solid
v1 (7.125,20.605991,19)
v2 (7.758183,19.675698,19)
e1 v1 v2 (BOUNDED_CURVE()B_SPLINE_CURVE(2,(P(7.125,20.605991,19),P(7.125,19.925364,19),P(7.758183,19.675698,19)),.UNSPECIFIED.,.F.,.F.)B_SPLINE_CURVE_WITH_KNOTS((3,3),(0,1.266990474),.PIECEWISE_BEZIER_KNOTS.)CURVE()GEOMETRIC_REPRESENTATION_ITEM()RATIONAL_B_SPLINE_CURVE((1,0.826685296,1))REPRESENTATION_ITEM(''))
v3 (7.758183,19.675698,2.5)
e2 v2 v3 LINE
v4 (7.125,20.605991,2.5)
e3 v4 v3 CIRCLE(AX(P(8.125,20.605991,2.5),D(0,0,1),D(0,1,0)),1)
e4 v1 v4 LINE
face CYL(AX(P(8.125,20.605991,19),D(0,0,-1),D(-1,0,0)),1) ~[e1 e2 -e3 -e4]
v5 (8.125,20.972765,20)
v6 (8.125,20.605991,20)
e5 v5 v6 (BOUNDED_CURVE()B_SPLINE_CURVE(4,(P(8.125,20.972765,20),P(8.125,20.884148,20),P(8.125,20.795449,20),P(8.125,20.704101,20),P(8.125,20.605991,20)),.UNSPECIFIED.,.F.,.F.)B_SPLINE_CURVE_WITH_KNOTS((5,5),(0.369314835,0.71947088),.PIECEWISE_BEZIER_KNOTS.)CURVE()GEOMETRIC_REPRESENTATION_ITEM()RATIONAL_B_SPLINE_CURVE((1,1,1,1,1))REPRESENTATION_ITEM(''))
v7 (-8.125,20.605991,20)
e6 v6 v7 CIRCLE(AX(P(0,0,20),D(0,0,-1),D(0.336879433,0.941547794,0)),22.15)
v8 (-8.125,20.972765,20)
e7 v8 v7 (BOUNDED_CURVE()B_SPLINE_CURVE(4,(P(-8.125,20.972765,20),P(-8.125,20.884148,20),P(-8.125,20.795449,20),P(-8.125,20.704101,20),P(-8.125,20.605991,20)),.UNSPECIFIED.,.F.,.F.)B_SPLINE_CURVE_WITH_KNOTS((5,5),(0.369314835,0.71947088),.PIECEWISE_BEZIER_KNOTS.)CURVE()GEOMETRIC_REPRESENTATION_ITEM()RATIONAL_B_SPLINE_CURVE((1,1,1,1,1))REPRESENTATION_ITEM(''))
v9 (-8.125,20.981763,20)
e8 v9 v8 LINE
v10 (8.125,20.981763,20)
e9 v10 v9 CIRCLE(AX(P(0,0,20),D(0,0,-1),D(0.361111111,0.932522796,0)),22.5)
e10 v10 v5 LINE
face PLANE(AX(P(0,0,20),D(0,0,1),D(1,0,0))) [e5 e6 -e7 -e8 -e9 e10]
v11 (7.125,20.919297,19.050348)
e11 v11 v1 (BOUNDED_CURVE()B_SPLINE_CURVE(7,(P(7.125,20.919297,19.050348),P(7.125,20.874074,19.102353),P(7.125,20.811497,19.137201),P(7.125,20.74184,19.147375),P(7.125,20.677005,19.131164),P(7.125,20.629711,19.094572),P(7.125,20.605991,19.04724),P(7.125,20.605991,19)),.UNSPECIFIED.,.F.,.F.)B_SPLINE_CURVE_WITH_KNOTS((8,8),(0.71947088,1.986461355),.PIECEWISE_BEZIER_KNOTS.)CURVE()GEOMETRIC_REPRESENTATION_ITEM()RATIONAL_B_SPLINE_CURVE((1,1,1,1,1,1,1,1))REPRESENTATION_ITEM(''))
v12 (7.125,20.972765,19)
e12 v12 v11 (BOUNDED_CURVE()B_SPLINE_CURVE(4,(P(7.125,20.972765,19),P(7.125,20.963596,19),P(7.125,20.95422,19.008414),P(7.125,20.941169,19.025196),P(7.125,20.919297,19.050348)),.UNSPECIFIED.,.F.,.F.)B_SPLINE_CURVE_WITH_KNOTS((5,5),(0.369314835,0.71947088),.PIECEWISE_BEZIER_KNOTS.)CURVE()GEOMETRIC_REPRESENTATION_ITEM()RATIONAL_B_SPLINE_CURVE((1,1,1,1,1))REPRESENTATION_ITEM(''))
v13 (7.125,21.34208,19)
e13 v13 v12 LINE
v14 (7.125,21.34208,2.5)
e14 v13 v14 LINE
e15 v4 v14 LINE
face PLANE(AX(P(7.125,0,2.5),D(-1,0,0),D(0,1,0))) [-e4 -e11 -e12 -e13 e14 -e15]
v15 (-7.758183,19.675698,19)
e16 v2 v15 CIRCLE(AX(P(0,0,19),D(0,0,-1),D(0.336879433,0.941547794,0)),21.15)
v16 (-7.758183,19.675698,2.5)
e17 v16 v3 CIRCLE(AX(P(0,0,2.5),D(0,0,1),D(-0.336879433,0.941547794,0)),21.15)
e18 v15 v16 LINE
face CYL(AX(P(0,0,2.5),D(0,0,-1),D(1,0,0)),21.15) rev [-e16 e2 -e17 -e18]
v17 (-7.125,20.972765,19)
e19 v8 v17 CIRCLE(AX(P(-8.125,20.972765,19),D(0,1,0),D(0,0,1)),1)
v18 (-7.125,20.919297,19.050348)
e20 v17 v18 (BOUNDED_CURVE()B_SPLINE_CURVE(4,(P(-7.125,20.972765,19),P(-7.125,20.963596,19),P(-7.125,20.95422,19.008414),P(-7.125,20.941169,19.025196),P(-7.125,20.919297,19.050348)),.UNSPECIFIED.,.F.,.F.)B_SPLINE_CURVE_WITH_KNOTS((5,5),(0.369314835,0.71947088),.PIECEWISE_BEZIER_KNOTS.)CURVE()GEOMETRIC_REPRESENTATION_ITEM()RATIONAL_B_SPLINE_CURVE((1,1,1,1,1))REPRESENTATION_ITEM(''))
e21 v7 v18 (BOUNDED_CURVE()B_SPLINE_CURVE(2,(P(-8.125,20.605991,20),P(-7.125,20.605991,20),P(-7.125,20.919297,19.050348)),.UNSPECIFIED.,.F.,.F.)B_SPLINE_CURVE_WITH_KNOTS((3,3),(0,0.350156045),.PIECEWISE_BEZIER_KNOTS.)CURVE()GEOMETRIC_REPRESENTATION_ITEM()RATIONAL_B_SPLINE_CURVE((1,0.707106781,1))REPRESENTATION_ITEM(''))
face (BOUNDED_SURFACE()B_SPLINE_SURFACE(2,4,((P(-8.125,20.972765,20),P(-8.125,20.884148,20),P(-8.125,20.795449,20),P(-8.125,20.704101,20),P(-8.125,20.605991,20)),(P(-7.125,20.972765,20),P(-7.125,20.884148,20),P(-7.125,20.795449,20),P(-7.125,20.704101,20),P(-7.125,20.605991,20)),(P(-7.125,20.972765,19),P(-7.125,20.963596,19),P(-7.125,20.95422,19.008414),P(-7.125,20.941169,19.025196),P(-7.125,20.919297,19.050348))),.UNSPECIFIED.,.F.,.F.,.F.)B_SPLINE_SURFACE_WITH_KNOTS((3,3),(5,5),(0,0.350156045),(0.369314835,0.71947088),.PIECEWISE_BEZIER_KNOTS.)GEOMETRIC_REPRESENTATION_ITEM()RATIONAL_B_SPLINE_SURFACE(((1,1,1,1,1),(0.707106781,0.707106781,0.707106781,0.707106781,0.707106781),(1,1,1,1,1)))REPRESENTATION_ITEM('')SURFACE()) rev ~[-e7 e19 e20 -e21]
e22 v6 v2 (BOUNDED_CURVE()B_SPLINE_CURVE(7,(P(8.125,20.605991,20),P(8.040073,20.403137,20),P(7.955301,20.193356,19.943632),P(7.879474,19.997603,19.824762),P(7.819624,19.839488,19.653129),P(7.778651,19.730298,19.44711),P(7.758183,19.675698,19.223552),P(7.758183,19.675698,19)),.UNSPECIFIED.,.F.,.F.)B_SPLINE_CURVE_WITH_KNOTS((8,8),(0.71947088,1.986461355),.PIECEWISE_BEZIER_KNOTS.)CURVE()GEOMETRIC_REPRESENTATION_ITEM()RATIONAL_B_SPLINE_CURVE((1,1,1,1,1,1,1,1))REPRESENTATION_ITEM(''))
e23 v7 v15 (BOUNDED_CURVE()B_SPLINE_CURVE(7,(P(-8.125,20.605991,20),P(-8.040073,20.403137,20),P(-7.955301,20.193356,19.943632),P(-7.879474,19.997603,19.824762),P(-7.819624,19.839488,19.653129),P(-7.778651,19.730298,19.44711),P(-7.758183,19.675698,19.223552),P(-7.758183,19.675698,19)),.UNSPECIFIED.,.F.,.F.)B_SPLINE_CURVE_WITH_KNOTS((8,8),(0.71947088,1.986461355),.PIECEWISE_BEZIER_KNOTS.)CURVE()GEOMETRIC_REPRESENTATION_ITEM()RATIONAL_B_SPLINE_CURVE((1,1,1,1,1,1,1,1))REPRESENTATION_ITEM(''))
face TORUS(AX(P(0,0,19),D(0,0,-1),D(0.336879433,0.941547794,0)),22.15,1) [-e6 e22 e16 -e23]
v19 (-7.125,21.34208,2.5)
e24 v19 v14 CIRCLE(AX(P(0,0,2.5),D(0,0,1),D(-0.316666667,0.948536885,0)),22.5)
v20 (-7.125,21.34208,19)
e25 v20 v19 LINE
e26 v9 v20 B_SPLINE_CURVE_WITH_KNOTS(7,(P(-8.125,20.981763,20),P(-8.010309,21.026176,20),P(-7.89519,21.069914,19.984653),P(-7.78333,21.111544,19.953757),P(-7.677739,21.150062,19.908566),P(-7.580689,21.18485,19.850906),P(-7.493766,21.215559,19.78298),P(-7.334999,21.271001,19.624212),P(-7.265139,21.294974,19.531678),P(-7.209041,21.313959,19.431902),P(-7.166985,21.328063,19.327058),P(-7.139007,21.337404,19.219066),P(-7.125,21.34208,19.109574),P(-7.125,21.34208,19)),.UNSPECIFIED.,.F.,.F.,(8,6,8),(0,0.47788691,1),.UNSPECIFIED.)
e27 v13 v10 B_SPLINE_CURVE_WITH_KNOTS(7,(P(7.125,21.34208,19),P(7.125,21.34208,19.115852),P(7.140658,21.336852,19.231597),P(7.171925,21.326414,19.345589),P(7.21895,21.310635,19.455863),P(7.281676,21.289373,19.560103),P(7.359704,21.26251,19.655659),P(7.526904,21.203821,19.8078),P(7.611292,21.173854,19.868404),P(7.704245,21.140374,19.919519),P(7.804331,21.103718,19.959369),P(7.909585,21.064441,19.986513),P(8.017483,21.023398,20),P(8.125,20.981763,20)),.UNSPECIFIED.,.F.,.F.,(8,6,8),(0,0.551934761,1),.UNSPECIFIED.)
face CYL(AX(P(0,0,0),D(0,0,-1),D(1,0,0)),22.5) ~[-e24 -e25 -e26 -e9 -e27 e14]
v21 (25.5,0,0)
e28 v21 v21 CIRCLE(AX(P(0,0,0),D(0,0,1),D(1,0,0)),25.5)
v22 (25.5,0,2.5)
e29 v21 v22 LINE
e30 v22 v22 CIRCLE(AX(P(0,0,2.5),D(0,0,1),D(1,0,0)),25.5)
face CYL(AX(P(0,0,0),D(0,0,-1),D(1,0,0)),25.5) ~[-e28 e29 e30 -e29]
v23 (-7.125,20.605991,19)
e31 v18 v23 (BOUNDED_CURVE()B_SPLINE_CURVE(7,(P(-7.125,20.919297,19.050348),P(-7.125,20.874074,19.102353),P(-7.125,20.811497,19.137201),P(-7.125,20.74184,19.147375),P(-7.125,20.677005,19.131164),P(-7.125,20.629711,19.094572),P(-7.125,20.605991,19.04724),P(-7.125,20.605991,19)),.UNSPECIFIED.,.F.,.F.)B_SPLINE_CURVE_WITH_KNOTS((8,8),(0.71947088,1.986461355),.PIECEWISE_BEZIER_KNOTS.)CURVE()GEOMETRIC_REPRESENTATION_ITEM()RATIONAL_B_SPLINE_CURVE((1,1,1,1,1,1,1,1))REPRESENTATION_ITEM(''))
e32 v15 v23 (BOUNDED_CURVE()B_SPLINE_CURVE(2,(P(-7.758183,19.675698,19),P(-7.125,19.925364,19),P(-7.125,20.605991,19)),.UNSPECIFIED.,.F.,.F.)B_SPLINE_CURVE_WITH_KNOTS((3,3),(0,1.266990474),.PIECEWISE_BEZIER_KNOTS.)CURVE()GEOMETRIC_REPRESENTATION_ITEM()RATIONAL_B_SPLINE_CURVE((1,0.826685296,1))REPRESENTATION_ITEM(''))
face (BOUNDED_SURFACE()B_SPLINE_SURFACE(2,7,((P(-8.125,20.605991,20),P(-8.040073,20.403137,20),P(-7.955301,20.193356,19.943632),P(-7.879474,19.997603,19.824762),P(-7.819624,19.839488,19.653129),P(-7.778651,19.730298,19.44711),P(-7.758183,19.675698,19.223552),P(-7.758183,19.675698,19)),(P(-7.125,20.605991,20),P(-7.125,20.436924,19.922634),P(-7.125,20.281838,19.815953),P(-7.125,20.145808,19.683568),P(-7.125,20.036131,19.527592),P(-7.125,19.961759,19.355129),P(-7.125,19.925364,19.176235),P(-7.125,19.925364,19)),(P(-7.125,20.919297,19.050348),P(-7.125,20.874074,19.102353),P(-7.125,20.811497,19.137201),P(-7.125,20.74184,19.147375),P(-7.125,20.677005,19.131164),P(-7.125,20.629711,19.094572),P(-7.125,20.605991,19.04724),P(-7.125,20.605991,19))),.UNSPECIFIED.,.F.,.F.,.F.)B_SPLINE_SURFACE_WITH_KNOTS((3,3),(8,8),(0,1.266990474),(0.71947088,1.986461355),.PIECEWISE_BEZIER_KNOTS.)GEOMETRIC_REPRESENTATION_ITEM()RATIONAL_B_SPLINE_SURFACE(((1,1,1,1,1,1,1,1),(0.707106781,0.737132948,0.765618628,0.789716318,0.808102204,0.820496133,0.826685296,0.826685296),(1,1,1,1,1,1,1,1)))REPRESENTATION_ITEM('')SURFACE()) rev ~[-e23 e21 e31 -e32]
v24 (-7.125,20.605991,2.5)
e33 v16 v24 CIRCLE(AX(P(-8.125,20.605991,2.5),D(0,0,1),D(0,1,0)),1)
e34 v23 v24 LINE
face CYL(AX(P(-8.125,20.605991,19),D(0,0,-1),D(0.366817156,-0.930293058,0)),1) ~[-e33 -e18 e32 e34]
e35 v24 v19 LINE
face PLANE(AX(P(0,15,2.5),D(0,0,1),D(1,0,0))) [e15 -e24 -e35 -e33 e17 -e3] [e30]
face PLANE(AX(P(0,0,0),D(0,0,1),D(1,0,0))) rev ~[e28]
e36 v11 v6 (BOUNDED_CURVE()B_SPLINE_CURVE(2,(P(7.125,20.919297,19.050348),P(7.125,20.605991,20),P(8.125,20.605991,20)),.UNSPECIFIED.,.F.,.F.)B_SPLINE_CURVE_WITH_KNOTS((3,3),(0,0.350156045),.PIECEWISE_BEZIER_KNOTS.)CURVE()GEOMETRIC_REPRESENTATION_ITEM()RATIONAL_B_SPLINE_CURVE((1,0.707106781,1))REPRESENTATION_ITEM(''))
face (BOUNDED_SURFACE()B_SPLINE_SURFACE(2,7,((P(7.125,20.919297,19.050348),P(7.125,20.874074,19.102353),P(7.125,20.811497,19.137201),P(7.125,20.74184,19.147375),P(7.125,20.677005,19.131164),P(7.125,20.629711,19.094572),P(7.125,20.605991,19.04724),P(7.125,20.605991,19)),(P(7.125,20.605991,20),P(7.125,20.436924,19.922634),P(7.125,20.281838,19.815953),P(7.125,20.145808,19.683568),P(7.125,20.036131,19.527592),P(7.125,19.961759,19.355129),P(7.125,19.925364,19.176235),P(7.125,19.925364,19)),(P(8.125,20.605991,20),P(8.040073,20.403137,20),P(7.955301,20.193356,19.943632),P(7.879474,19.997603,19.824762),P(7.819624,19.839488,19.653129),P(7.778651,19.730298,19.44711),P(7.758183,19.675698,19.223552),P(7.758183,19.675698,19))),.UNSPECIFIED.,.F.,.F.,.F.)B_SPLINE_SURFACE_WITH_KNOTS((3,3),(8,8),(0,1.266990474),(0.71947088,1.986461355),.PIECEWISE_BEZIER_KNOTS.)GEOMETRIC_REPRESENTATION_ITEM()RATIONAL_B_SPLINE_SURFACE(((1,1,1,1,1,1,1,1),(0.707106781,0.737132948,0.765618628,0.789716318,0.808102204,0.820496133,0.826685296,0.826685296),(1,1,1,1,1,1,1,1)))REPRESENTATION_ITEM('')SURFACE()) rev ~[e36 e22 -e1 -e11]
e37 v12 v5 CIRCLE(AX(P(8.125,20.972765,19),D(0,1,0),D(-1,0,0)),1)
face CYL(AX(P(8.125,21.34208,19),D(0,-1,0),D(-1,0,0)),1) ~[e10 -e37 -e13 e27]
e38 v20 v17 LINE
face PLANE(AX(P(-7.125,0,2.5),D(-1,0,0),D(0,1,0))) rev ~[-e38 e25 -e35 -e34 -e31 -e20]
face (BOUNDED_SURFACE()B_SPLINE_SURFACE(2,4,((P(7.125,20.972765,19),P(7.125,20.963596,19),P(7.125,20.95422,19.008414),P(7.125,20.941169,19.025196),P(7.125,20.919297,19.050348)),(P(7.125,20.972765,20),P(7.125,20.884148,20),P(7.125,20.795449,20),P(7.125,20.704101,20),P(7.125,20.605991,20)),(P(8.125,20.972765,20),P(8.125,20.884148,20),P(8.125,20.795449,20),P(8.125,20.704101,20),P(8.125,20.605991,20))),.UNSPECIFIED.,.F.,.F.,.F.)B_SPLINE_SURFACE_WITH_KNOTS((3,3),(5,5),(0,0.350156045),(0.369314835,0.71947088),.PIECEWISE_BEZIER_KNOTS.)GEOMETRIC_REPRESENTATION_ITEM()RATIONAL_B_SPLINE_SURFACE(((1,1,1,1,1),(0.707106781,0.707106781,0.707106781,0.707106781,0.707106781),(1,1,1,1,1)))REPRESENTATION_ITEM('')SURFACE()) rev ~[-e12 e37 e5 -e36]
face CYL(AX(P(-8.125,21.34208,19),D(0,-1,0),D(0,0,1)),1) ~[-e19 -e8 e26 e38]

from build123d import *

# Parameters (mm, degrees)
BOX_W             = 14.25
BOX_H             = 30
BOX_DEPTH         = 20
CYLINDER002_R     = 21.15
CYLINDER002_DEPTH = 30
CYLINDER001_R     = 22.5
CYLINDER001_DEPTH = 20
FILLET_R          = 1
FILLET001_R       = 1
CYLINDER_R        = 25.5
CYLINDER_DEPTH    = 2.5


with BuildPart() as cube:
    # Box → Box (new body)
    with BuildSketch(Plane(origin=(-7.125, 0, 2.5), x_dir=(1, 0, 0), z_dir=(0, 0, 1))):
        with Locations((7.125, 15)):
            Rectangle(BOX_W, BOX_H)
    extrude(amount=BOX_DEPTH)


with BuildPart() as cylinder002:
    # Cylinder002 → Cylinder002 (new body)
    with BuildSketch(Plane.XY.offset(2.5)):
        Circle(CYLINDER002_R)
    extrude(amount=CYLINDER002_DEPTH)


with BuildPart() as fillet001:
    # Cylinder001 → Cylinder001 (new body)
    with BuildSketch(Plane.XY):
        Circle(CYLINDER001_R)
    extrude(amount=CYLINDER001_DEPTH)

    # Cut: cut Cylinder002
    add(cylinder002.part, mode=Mode.SUBTRACT)

    # Cut001: cut Cube
    add(cube.part, mode=Mode.SUBTRACT)

    # Fillet
    fillet_edges = [fillet001.edges().sort_by_distance(p)[0] for p in [
        (-12.178439, -17.291851, 20),
        (17.291851, 12.178439, 20),
    ]]
    fillet(fillet_edges, radius=FILLET_R)

    # Fillet001
    fillet001_edges = [fillet001.edges().sort_by_distance(p)[0] for p in [
        (-7.125, 21.157422, 20),
        (7.125, 21.157422, 20),
        (-7.125, 20.235006, 19.716842),
        (7.125, 20.235006, 19.716842),
    ]]
    fillet(fillet001_edges, radius=FILLET001_R)


with BuildPart() as viewfinder_cap:
    # Cylinder → Cylinder (new body)
    with BuildSketch(Plane.XY):
        Circle(CYLINDER_R)
    extrude(amount=CYLINDER_DEPTH)

    # Fusion: union Fillet001
    add(fillet001.part)


solid = viewfinder_cap.part
